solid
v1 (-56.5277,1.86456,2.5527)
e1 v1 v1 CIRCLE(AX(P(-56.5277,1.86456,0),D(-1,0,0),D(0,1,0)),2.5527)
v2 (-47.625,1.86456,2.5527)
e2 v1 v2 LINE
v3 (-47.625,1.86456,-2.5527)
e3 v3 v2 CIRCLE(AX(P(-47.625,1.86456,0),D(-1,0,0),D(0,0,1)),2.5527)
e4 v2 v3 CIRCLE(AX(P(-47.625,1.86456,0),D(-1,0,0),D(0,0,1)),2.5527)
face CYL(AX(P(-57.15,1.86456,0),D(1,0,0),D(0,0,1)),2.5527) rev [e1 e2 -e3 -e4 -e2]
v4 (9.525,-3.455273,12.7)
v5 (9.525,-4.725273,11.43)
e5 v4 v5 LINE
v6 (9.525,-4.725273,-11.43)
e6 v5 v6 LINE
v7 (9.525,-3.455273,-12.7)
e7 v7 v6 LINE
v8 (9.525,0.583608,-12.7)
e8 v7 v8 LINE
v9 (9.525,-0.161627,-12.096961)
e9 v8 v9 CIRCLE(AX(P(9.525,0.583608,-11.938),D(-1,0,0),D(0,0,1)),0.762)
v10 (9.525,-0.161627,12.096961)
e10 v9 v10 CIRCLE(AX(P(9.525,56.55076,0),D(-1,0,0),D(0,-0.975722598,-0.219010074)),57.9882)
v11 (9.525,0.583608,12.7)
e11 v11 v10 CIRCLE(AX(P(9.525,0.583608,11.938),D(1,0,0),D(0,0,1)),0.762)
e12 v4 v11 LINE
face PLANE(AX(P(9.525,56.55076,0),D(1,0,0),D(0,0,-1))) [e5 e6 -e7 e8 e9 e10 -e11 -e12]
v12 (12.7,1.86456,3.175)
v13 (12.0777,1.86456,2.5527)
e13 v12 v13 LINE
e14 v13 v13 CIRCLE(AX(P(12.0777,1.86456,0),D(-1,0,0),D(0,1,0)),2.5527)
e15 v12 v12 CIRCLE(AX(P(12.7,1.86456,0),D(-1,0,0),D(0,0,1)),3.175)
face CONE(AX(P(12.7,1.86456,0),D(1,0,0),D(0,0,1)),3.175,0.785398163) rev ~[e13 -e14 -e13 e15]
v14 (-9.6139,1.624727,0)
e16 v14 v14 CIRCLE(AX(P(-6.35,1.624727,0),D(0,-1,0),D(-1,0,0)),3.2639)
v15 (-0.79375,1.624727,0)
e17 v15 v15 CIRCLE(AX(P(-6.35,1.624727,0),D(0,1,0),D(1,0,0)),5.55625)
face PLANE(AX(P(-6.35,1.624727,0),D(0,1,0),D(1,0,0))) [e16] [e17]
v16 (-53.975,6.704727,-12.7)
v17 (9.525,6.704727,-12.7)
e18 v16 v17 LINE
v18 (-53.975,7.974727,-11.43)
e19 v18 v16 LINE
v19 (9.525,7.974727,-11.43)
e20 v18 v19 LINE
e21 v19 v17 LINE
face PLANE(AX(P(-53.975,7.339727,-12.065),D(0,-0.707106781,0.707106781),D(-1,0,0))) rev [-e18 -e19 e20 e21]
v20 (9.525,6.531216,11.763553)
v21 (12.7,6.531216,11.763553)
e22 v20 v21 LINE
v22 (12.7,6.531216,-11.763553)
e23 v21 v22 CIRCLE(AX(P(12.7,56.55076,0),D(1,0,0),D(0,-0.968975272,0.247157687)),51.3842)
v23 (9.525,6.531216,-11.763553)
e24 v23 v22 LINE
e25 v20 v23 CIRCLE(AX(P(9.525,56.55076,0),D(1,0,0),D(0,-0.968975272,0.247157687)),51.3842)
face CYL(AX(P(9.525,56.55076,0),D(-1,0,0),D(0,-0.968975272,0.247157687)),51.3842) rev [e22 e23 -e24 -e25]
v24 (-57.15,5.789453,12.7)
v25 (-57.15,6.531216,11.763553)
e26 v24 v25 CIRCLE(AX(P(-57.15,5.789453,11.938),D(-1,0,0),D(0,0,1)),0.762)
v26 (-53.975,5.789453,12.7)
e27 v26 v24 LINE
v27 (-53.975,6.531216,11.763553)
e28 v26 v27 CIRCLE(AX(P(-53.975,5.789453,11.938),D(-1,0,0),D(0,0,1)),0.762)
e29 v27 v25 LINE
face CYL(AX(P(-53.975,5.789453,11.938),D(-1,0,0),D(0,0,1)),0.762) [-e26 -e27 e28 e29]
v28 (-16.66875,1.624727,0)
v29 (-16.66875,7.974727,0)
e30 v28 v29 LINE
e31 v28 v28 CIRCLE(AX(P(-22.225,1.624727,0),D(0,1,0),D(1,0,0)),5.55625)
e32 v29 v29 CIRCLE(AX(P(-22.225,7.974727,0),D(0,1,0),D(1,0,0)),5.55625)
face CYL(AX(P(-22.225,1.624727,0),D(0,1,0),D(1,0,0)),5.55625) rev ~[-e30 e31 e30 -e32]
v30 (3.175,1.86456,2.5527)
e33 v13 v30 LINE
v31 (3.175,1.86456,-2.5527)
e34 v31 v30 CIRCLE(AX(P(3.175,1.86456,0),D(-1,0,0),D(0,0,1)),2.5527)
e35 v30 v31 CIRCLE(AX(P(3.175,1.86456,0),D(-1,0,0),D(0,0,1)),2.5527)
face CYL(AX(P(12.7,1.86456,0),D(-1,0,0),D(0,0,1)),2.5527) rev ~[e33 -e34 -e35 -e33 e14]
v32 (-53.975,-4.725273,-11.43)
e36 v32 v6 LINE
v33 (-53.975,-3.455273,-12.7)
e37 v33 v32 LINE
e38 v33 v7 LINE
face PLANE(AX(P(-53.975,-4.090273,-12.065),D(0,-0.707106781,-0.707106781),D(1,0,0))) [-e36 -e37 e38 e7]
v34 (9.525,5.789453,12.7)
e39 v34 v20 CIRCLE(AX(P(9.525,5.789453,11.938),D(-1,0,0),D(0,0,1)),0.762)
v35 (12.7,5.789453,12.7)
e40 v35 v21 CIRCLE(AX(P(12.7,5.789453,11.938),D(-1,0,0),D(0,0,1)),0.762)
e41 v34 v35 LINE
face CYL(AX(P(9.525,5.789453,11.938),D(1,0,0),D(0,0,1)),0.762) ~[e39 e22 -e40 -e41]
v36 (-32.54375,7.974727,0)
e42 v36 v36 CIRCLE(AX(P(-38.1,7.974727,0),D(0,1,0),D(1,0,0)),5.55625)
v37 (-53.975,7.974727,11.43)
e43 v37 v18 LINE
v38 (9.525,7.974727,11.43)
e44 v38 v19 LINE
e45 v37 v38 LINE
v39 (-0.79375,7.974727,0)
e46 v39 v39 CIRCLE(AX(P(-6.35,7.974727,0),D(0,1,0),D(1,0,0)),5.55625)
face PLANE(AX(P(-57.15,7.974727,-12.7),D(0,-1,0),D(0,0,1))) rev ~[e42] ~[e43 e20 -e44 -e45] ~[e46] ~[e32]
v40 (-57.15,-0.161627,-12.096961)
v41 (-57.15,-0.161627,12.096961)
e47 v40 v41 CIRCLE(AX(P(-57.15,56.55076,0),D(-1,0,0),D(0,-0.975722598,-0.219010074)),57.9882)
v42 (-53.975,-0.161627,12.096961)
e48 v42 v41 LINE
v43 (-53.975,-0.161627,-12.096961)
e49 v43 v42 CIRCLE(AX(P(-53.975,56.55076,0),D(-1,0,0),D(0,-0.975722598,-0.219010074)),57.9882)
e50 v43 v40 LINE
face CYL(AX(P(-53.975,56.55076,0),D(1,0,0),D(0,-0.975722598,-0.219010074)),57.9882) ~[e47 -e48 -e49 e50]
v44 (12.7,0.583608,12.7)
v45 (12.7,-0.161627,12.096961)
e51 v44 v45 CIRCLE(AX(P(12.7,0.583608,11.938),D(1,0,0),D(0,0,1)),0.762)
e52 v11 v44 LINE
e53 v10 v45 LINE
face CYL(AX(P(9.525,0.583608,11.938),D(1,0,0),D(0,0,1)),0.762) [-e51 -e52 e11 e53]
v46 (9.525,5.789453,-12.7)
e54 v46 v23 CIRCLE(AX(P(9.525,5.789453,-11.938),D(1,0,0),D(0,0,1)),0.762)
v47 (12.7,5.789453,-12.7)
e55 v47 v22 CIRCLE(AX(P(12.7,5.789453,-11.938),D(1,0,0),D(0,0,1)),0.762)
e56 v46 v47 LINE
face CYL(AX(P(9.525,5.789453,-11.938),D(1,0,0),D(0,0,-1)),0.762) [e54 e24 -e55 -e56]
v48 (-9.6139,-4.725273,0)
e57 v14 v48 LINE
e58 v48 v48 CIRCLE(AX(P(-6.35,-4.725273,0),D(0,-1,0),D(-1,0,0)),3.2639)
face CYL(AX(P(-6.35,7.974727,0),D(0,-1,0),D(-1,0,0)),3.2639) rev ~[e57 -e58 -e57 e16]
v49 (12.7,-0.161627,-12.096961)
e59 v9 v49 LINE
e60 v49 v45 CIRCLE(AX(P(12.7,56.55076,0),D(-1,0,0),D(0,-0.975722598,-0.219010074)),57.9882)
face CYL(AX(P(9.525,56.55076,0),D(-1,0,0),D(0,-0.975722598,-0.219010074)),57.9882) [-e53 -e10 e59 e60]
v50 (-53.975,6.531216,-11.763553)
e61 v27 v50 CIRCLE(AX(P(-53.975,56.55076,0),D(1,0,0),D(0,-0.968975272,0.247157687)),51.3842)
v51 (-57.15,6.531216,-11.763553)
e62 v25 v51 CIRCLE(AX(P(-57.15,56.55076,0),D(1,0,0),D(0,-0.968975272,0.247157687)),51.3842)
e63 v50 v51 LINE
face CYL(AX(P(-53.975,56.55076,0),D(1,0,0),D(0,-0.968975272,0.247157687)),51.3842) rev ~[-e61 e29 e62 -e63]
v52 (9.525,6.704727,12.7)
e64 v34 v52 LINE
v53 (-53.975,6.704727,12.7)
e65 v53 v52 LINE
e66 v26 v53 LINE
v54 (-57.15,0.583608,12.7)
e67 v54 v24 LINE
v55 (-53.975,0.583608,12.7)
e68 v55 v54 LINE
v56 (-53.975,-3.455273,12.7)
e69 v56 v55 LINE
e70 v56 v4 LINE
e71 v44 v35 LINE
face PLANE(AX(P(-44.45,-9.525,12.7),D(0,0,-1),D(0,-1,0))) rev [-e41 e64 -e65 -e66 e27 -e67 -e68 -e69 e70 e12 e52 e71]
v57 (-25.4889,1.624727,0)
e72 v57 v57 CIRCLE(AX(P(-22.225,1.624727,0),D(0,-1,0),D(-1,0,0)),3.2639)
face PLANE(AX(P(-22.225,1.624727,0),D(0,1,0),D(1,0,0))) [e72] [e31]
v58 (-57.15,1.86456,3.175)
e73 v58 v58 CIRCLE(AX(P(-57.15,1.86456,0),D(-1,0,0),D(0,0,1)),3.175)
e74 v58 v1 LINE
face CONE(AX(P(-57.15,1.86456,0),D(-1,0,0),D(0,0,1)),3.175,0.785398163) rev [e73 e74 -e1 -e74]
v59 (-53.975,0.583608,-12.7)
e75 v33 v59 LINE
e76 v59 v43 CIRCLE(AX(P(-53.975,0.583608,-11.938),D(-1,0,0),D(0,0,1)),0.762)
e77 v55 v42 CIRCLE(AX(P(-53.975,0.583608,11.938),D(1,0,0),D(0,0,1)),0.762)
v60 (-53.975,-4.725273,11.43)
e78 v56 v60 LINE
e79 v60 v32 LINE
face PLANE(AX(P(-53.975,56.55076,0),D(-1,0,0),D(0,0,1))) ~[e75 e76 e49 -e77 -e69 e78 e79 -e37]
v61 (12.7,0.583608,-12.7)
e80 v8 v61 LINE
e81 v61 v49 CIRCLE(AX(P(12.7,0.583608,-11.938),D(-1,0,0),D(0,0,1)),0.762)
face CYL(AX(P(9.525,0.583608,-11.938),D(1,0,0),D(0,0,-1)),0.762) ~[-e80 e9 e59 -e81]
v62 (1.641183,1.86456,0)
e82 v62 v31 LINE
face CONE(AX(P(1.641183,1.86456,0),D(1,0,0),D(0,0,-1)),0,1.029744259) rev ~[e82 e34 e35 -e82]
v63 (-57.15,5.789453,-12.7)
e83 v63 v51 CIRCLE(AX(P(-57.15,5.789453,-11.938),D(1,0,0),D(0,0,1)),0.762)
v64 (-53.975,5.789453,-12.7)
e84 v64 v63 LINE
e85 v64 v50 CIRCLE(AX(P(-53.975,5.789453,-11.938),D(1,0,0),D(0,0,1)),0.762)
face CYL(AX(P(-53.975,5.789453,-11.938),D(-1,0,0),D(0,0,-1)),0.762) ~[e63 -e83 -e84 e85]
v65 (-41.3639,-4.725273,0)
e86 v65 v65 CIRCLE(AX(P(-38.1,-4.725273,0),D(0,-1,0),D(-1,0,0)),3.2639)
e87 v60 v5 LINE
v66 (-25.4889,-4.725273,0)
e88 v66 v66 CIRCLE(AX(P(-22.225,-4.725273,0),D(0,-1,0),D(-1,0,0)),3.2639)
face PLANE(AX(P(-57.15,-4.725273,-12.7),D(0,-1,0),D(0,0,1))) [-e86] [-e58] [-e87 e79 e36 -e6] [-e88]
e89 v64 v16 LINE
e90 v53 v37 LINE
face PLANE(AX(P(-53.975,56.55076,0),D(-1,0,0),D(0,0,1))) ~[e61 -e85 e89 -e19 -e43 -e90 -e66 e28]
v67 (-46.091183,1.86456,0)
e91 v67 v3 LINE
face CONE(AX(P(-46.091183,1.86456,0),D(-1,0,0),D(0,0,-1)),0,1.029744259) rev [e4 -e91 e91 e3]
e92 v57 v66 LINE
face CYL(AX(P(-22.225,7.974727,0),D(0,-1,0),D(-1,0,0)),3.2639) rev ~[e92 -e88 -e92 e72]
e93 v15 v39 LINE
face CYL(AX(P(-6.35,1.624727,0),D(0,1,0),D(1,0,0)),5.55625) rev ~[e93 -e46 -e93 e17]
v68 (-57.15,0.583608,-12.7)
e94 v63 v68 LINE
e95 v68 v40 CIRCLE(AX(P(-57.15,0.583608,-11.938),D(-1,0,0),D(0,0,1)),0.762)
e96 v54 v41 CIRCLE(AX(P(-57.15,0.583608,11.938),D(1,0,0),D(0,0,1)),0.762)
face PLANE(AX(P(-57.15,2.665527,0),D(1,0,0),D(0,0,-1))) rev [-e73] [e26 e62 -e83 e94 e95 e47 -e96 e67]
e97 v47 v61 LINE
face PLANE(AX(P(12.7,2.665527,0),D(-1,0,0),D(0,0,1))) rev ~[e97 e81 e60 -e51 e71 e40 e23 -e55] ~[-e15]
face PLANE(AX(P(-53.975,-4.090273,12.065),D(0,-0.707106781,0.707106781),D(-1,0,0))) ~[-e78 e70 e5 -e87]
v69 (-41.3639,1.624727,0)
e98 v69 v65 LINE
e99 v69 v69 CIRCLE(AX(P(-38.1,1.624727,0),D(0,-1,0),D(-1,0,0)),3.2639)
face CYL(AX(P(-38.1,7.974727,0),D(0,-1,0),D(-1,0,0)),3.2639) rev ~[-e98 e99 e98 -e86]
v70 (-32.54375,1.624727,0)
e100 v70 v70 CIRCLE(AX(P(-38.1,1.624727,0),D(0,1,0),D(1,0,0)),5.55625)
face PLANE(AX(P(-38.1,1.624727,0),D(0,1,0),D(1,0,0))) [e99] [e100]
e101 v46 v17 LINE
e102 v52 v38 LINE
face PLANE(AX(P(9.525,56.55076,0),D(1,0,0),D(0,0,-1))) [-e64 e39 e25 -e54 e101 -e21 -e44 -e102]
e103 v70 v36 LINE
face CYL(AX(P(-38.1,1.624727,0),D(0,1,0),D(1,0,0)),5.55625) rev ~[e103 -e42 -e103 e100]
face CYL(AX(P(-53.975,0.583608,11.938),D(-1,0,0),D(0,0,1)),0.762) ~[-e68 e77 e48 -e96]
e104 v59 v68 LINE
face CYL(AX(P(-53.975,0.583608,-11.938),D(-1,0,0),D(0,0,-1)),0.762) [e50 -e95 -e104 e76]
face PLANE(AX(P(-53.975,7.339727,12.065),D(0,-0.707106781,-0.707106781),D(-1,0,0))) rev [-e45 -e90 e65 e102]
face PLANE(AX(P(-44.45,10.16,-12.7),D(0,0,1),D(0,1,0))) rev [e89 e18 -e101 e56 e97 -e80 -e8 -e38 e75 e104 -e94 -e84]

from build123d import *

# Parameters (mm, degrees)
SKETCH1_R                                        = 19.05
BOSS_EXTRUDE1_DEPTH                              = 12.7
CUT_EXTRUDE3_DEPTH                               = 30.784140075
SKETCH8_W                                        = 25.4
SKETCH8_H                                        = 4.850968343
CUT_EXTRUDE4_DEPTH                               = 30.784140075
SKETCH13_OUTSIDE_W                               = 49.628
SKETCH13_OUTSIDE_H                               = 37.157
SKETCH13_OUTSIDE_W_2                             = 25.4
SKETCH13_OUTSIDE_H_2                             = 25.629031657
CUT_EXTRUDE6_DEPTH                               = 27.940768363
SKETCH20_R                                       = 64.3382
CUT_EXTRUDE9_DEPTH                               = 3.175
BOSS_EXTRUDE4_DEPTH                              = 3.175
FILLET4_R                                        = 0.762
FILLET5_R                                        = 0.762
F_1_4_20_TAPPED_HOLE1_D                          = 5.1054
F_1_4_20_TAPPED_HOLE1_DEPTH                      = 9.525
F_1_4_20_TAPPED_HOLE1_CSINK_D                    = 6.35
F_1_4_20_TAPPED_HOLE1_CSINK_ANGLE                = 90
F_1_4_20_TAPPED_HOLE1_TIP                        = 1.533816902
SKETCH18_W                                       = 12.7
SKETCH18_H                                       = 9.525
BOSS_EXTRUDE3_DEPTH                              = 21.59
FILLET3_RADIUS                                   = 6.35
FILLET3_LENGTH                                   = 9.525
SKETCH19_R                                       = 3.175
CUT_EXTRUDE8_DEPTH                               = 42.79813026
SKETCH22_OUTSIDE_W                               = 38.286
SKETCH22_OUTSIDE_H                               = 59.325
SKETCH22_OUTSIDE_W_2                             = 25.4
SKETCH22_OUTSIDE_H_2                             = 19.685
CUT_EXTRUDE10_DEPTH                              = 41.042911819
BOSS_EXTRUDE5_DEPTH                              = 22.225
SKETCH26_OUTSIDE_W                               = 42.778
SKETCH26_OUTSIDE_H                               = 37.063
SKETCH26_OUTSIDE_W_2                             = 25.4
SKETCH26_OUTSIDE_H_2                             = 12.7
CUT_EXTRUDE11_DEPTH                              = 72.71846415
CHAMFER1_SIZE                                    = 1.27
CBORE_FOR_1_4_SOCKET_HEAD_CAP_SCREW1_D           = 6.5278
CBORE_FOR_1_4_SOCKET_HEAD_CAP_SCREW1_CBORE_D     = 11.1125
CBORE_FOR_1_4_SOCKET_HEAD_CAP_SCREW1_CBORE_DEPTH = 6.35


with BuildPart() as part:
    # Sketch1 → Boss-Extrude1 (new body)
    with BuildSketch(Plane(origin=(0, 0, 0), x_dir=(0, 0, -1), z_dir=(1, 0, 0))):
        Circle(SKETCH1_R)
    extrude(amount=BOSS_EXTRUDE1_DEPTH)

    # Sketch4 → Cut-Extrude3 (cut, through all)
    with BuildSketch(Plane(origin=(12.7, 0, 0), x_dir=(0, 0, -1), z_dir=(1, 0, 0))):
        with BuildLine():
            Line((-15.24, 21.59), (15.24, 21.59))
            Line((15.24, 21.59), (15.24, 11.43))
            ThreePointArc((15.24, 11.43), (0, 8.925760466), (-15.24, 11.43))
            Line((-15.24, 11.43), (-15.24, 21.59))
        make_face()
    extrude(amount=-CUT_EXTRUDE3_DEPTH, mode=Mode.SUBTRACT)

    # Sketch8 → Cut-Extrude4 (cut, through all)
    with BuildSketch(Plane.ZY):
        with Locations((0, -16.624515829)):
            Rectangle(SKETCH8_W, SKETCH8_H)
    extrude(amount=-CUT_EXTRUDE4_DEPTH, mode=Mode.SUBTRACT)

    # Sketch13 outside → Cut-Extrude6 (cut, through all)
    with BuildSketch(Plane(origin=(12.7, 0, 0), x_dir=(0, 0, -1), z_dir=(1, 0, 0))):
        with Locations((0, -1.3845)):
            Rectangle(SKETCH13_OUTSIDE_W, SKETCH13_OUTSIDE_H)
        with Locations((0, -1.384515828)):
            Rectangle(SKETCH13_OUTSIDE_W_2, SKETCH13_OUTSIDE_H_2, mode=Mode.SUBTRACT)
    extrude(amount=-CUT_EXTRUDE6_DEPTH, mode=Mode.SUBTRACT)

    # Sketch20 → Cut-Extrude9 (cut)
    with BuildSketch(Plane(origin=(12.7, 0, 0), x_dir=(0, 0, -1), z_dir=(1, 0, 0))):
        with Locations((0, 56.550760466)):
            Circle(SKETCH20_R)
    extrude(amount=-CUT_EXTRUDE9_DEPTH, mode=Mode.SUBTRACT)

    # Sketch21 → Boss-Extrude4 (add)
    with BuildSketch(Plane(origin=(9.525, 0, 0), x_dir=(0, 0, -1), z_dir=(1, 0, 0))):
        with BuildLine():
            Line((-12.7, -0.029636663), (-12.7, 6.760741289))
            ThreePointArc((-12.7, 6.760741289), (0, 5.166560466), (12.7, 6.760741289))
            Line((12.7, 6.760741289), (12.7, -0.029636663))
            ThreePointArc((12.7, -0.029636663), (0, -1.437439534), (-12.7, -0.029636663))
        make_face()
    extrude(amount=BOSS_EXTRUDE4_DEPTH)

    # Fillet4
    fillet4_edges = [part.edges().sort_by_distance(p)[0] for p in [
        (11.1125, -0.029636663, 12.7),
        (11.1125, -0.029636663, -12.7),
        (11.1125, 6.760741289, -12.7),
        (11.1125, 6.760741289, 12.7),
    ]]
    fillet(fillet4_edges, radius=FILLET4_R)

    # Fillet5
    fillet5_edges = [part.edges().sort_by_distance(p)[0] for p in [
        (11.1125, -6.521531226, 12.7),
        (11.1125, -6.521531226, -12.7),
    ]]
    fillet(fillet5_edges, radius=FILLET5_R)

    # 1/4-20 Tapped Hole1
    with Locations(Plane(origin=(12.7, 0, 0), x_dir=(0, 0, -1), z_dir=(1, 0, 0))):
        with Locations((0, 1.864560466)):
            CounterSinkHole(F_1_4_20_TAPPED_HOLE1_D / 2, F_1_4_20_TAPPED_HOLE1_CSINK_D / 2, depth=F_1_4_20_TAPPED_HOLE1_DEPTH, counter_sink_angle=F_1_4_20_TAPPED_HOLE1_CSINK_ANGLE)
            with Locations((0, 0, -(F_1_4_20_TAPPED_HOLE1_DEPTH + F_1_4_20_TAPPED_HOLE1_TIP / 2))):  # 118° drill point
                Cone(0, F_1_4_20_TAPPED_HOLE1_D / 2, F_1_4_20_TAPPED_HOLE1_TIP, mode=Mode.SUBTRACT)

    # Sketch18 → Boss-Extrude3 (add)
    with BuildSketch(Plane.XZ.offset(14.199031657)):
        with Locations((6.35, 0)):
            Rectangle(SKETCH18_W, SKETCH18_H)
    extrude(amount=BOSS_EXTRUDE3_DEPTH)

    # Fillet3: full round fillet: the end face becomes a half cylinder, R = half its width
    fillet3_face = Plane((6.35, -35.789031657, 0), x_dir=(0, 0, -1), z_dir=(0, -1, 0))  # on the end face: x along it, z out of the body
    fillet3_slab = fillet3_face.offset(-FILLET3_RADIUS / 2) * Box(FILLET3_LENGTH, 2 * FILLET3_RADIUS, FILLET3_RADIUS, mode=Mode.PRIVATE)  # the body's end, R deep
    fillet3_round = Plane((6.35, -29.439031657, 0), x_dir=(0, -1, 0), z_dir=(0, 0, -1)) * Cylinder(FILLET3_RADIUS, FILLET3_LENGTH, mode=Mode.PRIVATE)  # its axis R under the face
    add(fillet3_slab - fillet3_round, mode=Mode.SUBTRACT)

    # Sketch19 → Cut-Extrude8 (cut, through all)
    with BuildSketch(Plane.XY.offset(4.7625)):
        with Locations((6.35, -29.439031657)):
            Circle(SKETCH19_R)
    extrude(amount=-CUT_EXTRUDE8_DEPTH, mode=Mode.SUBTRACT)

    # Sketch22 outside → Cut-Extrude10 (cut, through all)
    with BuildSketch(Plane(origin=(12.7, 0, 0), x_dir=(0, 0, -1), z_dir=(1, 0, 0))):
        with Locations((0, -12.5695)):
            Rectangle(SKETCH22_OUTSIDE_W, SKETCH22_OUTSIDE_H)
        with Locations((0, 0.3175)):
            Rectangle(SKETCH22_OUTSIDE_W_2, SKETCH22_OUTSIDE_H_2, mode=Mode.SUBTRACT)
    extrude(amount=-CUT_EXTRUDE10_DEPTH, mode=Mode.SUBTRACT)

    # Sketch23 → Boss-Extrude5 (add)
    with BuildSketch(Plane.ZY):
        with BuildLine():
            Line((-10.77209211, 10.16), (-12.7, 10.16))
            Line((-12.7, 10.16), (-12.7, -9.525))
            Line((-12.7, -9.525), (12.7, -9.525))
            Line((12.7, -9.525), (12.7, 10.16))
            Line((12.7, 10.16), (10.77209211, 10.16))
            ThreePointArc((10.77209211, 10.16), (0, 8.925760466), (-10.77209211, 10.16))
        make_face()
    extrude(amount=BOSS_EXTRUDE5_DEPTH)

    # Mirror1: part across plane


with BuildPart() as part_1:
    add(part.part)
    add(part.part.mirror(Plane(origin=(-22.225, 56.550760466, 0), x_dir=(0, 0, 1), z_dir=(-1, 0, 0))))

    # Sketch26 outside → Cut-Extrude11 (cut, through all)
    with BuildSketch(Plane.ZY.offset(57.15)):
        with Locations((0, 0.3175)):
            Rectangle(SKETCH26_OUTSIDE_W, SKETCH26_OUTSIDE_H)
        with Locations((0, 1.624726526)):
            Rectangle(SKETCH26_OUTSIDE_W_2, SKETCH26_OUTSIDE_H_2, mode=Mode.SUBTRACT)
    extrude(amount=-CUT_EXTRUDE11_DEPTH, mode=Mode.SUBTRACT)

    # Chamfer1
    chamfer1_edges = [part_1.edges().sort_by_distance(p)[0] for p in [
        (-22.225, 7.974726526, -12.7),
        (-22.225, 7.974726526, 12.7),
        (-22.225, -4.725273474, 12.7),
        (-22.225, -4.725273474, -12.7),
    ]]
    chamfer(chamfer1_edges, length=CHAMFER1_SIZE)

    # CBORE for 1/4 Socket Head Cap Screw1 (through all)
    with Locations(Plane(origin=(0, 7.974726526, 0), x_dir=(1, 0, 0), z_dir=(0, 1, 0))):
        with Locations((-22.225, 0), (-38.1, 0), (-6.35, 0)):
            CounterBoreHole(CBORE_FOR_1_4_SOCKET_HEAD_CAP_SCREW1_D / 2, CBORE_FOR_1_4_SOCKET_HEAD_CAP_SCREW1_CBORE_D / 2, CBORE_FOR_1_4_SOCKET_HEAD_CAP_SCREW1_CBORE_DEPTH)


solid = part_1.part
